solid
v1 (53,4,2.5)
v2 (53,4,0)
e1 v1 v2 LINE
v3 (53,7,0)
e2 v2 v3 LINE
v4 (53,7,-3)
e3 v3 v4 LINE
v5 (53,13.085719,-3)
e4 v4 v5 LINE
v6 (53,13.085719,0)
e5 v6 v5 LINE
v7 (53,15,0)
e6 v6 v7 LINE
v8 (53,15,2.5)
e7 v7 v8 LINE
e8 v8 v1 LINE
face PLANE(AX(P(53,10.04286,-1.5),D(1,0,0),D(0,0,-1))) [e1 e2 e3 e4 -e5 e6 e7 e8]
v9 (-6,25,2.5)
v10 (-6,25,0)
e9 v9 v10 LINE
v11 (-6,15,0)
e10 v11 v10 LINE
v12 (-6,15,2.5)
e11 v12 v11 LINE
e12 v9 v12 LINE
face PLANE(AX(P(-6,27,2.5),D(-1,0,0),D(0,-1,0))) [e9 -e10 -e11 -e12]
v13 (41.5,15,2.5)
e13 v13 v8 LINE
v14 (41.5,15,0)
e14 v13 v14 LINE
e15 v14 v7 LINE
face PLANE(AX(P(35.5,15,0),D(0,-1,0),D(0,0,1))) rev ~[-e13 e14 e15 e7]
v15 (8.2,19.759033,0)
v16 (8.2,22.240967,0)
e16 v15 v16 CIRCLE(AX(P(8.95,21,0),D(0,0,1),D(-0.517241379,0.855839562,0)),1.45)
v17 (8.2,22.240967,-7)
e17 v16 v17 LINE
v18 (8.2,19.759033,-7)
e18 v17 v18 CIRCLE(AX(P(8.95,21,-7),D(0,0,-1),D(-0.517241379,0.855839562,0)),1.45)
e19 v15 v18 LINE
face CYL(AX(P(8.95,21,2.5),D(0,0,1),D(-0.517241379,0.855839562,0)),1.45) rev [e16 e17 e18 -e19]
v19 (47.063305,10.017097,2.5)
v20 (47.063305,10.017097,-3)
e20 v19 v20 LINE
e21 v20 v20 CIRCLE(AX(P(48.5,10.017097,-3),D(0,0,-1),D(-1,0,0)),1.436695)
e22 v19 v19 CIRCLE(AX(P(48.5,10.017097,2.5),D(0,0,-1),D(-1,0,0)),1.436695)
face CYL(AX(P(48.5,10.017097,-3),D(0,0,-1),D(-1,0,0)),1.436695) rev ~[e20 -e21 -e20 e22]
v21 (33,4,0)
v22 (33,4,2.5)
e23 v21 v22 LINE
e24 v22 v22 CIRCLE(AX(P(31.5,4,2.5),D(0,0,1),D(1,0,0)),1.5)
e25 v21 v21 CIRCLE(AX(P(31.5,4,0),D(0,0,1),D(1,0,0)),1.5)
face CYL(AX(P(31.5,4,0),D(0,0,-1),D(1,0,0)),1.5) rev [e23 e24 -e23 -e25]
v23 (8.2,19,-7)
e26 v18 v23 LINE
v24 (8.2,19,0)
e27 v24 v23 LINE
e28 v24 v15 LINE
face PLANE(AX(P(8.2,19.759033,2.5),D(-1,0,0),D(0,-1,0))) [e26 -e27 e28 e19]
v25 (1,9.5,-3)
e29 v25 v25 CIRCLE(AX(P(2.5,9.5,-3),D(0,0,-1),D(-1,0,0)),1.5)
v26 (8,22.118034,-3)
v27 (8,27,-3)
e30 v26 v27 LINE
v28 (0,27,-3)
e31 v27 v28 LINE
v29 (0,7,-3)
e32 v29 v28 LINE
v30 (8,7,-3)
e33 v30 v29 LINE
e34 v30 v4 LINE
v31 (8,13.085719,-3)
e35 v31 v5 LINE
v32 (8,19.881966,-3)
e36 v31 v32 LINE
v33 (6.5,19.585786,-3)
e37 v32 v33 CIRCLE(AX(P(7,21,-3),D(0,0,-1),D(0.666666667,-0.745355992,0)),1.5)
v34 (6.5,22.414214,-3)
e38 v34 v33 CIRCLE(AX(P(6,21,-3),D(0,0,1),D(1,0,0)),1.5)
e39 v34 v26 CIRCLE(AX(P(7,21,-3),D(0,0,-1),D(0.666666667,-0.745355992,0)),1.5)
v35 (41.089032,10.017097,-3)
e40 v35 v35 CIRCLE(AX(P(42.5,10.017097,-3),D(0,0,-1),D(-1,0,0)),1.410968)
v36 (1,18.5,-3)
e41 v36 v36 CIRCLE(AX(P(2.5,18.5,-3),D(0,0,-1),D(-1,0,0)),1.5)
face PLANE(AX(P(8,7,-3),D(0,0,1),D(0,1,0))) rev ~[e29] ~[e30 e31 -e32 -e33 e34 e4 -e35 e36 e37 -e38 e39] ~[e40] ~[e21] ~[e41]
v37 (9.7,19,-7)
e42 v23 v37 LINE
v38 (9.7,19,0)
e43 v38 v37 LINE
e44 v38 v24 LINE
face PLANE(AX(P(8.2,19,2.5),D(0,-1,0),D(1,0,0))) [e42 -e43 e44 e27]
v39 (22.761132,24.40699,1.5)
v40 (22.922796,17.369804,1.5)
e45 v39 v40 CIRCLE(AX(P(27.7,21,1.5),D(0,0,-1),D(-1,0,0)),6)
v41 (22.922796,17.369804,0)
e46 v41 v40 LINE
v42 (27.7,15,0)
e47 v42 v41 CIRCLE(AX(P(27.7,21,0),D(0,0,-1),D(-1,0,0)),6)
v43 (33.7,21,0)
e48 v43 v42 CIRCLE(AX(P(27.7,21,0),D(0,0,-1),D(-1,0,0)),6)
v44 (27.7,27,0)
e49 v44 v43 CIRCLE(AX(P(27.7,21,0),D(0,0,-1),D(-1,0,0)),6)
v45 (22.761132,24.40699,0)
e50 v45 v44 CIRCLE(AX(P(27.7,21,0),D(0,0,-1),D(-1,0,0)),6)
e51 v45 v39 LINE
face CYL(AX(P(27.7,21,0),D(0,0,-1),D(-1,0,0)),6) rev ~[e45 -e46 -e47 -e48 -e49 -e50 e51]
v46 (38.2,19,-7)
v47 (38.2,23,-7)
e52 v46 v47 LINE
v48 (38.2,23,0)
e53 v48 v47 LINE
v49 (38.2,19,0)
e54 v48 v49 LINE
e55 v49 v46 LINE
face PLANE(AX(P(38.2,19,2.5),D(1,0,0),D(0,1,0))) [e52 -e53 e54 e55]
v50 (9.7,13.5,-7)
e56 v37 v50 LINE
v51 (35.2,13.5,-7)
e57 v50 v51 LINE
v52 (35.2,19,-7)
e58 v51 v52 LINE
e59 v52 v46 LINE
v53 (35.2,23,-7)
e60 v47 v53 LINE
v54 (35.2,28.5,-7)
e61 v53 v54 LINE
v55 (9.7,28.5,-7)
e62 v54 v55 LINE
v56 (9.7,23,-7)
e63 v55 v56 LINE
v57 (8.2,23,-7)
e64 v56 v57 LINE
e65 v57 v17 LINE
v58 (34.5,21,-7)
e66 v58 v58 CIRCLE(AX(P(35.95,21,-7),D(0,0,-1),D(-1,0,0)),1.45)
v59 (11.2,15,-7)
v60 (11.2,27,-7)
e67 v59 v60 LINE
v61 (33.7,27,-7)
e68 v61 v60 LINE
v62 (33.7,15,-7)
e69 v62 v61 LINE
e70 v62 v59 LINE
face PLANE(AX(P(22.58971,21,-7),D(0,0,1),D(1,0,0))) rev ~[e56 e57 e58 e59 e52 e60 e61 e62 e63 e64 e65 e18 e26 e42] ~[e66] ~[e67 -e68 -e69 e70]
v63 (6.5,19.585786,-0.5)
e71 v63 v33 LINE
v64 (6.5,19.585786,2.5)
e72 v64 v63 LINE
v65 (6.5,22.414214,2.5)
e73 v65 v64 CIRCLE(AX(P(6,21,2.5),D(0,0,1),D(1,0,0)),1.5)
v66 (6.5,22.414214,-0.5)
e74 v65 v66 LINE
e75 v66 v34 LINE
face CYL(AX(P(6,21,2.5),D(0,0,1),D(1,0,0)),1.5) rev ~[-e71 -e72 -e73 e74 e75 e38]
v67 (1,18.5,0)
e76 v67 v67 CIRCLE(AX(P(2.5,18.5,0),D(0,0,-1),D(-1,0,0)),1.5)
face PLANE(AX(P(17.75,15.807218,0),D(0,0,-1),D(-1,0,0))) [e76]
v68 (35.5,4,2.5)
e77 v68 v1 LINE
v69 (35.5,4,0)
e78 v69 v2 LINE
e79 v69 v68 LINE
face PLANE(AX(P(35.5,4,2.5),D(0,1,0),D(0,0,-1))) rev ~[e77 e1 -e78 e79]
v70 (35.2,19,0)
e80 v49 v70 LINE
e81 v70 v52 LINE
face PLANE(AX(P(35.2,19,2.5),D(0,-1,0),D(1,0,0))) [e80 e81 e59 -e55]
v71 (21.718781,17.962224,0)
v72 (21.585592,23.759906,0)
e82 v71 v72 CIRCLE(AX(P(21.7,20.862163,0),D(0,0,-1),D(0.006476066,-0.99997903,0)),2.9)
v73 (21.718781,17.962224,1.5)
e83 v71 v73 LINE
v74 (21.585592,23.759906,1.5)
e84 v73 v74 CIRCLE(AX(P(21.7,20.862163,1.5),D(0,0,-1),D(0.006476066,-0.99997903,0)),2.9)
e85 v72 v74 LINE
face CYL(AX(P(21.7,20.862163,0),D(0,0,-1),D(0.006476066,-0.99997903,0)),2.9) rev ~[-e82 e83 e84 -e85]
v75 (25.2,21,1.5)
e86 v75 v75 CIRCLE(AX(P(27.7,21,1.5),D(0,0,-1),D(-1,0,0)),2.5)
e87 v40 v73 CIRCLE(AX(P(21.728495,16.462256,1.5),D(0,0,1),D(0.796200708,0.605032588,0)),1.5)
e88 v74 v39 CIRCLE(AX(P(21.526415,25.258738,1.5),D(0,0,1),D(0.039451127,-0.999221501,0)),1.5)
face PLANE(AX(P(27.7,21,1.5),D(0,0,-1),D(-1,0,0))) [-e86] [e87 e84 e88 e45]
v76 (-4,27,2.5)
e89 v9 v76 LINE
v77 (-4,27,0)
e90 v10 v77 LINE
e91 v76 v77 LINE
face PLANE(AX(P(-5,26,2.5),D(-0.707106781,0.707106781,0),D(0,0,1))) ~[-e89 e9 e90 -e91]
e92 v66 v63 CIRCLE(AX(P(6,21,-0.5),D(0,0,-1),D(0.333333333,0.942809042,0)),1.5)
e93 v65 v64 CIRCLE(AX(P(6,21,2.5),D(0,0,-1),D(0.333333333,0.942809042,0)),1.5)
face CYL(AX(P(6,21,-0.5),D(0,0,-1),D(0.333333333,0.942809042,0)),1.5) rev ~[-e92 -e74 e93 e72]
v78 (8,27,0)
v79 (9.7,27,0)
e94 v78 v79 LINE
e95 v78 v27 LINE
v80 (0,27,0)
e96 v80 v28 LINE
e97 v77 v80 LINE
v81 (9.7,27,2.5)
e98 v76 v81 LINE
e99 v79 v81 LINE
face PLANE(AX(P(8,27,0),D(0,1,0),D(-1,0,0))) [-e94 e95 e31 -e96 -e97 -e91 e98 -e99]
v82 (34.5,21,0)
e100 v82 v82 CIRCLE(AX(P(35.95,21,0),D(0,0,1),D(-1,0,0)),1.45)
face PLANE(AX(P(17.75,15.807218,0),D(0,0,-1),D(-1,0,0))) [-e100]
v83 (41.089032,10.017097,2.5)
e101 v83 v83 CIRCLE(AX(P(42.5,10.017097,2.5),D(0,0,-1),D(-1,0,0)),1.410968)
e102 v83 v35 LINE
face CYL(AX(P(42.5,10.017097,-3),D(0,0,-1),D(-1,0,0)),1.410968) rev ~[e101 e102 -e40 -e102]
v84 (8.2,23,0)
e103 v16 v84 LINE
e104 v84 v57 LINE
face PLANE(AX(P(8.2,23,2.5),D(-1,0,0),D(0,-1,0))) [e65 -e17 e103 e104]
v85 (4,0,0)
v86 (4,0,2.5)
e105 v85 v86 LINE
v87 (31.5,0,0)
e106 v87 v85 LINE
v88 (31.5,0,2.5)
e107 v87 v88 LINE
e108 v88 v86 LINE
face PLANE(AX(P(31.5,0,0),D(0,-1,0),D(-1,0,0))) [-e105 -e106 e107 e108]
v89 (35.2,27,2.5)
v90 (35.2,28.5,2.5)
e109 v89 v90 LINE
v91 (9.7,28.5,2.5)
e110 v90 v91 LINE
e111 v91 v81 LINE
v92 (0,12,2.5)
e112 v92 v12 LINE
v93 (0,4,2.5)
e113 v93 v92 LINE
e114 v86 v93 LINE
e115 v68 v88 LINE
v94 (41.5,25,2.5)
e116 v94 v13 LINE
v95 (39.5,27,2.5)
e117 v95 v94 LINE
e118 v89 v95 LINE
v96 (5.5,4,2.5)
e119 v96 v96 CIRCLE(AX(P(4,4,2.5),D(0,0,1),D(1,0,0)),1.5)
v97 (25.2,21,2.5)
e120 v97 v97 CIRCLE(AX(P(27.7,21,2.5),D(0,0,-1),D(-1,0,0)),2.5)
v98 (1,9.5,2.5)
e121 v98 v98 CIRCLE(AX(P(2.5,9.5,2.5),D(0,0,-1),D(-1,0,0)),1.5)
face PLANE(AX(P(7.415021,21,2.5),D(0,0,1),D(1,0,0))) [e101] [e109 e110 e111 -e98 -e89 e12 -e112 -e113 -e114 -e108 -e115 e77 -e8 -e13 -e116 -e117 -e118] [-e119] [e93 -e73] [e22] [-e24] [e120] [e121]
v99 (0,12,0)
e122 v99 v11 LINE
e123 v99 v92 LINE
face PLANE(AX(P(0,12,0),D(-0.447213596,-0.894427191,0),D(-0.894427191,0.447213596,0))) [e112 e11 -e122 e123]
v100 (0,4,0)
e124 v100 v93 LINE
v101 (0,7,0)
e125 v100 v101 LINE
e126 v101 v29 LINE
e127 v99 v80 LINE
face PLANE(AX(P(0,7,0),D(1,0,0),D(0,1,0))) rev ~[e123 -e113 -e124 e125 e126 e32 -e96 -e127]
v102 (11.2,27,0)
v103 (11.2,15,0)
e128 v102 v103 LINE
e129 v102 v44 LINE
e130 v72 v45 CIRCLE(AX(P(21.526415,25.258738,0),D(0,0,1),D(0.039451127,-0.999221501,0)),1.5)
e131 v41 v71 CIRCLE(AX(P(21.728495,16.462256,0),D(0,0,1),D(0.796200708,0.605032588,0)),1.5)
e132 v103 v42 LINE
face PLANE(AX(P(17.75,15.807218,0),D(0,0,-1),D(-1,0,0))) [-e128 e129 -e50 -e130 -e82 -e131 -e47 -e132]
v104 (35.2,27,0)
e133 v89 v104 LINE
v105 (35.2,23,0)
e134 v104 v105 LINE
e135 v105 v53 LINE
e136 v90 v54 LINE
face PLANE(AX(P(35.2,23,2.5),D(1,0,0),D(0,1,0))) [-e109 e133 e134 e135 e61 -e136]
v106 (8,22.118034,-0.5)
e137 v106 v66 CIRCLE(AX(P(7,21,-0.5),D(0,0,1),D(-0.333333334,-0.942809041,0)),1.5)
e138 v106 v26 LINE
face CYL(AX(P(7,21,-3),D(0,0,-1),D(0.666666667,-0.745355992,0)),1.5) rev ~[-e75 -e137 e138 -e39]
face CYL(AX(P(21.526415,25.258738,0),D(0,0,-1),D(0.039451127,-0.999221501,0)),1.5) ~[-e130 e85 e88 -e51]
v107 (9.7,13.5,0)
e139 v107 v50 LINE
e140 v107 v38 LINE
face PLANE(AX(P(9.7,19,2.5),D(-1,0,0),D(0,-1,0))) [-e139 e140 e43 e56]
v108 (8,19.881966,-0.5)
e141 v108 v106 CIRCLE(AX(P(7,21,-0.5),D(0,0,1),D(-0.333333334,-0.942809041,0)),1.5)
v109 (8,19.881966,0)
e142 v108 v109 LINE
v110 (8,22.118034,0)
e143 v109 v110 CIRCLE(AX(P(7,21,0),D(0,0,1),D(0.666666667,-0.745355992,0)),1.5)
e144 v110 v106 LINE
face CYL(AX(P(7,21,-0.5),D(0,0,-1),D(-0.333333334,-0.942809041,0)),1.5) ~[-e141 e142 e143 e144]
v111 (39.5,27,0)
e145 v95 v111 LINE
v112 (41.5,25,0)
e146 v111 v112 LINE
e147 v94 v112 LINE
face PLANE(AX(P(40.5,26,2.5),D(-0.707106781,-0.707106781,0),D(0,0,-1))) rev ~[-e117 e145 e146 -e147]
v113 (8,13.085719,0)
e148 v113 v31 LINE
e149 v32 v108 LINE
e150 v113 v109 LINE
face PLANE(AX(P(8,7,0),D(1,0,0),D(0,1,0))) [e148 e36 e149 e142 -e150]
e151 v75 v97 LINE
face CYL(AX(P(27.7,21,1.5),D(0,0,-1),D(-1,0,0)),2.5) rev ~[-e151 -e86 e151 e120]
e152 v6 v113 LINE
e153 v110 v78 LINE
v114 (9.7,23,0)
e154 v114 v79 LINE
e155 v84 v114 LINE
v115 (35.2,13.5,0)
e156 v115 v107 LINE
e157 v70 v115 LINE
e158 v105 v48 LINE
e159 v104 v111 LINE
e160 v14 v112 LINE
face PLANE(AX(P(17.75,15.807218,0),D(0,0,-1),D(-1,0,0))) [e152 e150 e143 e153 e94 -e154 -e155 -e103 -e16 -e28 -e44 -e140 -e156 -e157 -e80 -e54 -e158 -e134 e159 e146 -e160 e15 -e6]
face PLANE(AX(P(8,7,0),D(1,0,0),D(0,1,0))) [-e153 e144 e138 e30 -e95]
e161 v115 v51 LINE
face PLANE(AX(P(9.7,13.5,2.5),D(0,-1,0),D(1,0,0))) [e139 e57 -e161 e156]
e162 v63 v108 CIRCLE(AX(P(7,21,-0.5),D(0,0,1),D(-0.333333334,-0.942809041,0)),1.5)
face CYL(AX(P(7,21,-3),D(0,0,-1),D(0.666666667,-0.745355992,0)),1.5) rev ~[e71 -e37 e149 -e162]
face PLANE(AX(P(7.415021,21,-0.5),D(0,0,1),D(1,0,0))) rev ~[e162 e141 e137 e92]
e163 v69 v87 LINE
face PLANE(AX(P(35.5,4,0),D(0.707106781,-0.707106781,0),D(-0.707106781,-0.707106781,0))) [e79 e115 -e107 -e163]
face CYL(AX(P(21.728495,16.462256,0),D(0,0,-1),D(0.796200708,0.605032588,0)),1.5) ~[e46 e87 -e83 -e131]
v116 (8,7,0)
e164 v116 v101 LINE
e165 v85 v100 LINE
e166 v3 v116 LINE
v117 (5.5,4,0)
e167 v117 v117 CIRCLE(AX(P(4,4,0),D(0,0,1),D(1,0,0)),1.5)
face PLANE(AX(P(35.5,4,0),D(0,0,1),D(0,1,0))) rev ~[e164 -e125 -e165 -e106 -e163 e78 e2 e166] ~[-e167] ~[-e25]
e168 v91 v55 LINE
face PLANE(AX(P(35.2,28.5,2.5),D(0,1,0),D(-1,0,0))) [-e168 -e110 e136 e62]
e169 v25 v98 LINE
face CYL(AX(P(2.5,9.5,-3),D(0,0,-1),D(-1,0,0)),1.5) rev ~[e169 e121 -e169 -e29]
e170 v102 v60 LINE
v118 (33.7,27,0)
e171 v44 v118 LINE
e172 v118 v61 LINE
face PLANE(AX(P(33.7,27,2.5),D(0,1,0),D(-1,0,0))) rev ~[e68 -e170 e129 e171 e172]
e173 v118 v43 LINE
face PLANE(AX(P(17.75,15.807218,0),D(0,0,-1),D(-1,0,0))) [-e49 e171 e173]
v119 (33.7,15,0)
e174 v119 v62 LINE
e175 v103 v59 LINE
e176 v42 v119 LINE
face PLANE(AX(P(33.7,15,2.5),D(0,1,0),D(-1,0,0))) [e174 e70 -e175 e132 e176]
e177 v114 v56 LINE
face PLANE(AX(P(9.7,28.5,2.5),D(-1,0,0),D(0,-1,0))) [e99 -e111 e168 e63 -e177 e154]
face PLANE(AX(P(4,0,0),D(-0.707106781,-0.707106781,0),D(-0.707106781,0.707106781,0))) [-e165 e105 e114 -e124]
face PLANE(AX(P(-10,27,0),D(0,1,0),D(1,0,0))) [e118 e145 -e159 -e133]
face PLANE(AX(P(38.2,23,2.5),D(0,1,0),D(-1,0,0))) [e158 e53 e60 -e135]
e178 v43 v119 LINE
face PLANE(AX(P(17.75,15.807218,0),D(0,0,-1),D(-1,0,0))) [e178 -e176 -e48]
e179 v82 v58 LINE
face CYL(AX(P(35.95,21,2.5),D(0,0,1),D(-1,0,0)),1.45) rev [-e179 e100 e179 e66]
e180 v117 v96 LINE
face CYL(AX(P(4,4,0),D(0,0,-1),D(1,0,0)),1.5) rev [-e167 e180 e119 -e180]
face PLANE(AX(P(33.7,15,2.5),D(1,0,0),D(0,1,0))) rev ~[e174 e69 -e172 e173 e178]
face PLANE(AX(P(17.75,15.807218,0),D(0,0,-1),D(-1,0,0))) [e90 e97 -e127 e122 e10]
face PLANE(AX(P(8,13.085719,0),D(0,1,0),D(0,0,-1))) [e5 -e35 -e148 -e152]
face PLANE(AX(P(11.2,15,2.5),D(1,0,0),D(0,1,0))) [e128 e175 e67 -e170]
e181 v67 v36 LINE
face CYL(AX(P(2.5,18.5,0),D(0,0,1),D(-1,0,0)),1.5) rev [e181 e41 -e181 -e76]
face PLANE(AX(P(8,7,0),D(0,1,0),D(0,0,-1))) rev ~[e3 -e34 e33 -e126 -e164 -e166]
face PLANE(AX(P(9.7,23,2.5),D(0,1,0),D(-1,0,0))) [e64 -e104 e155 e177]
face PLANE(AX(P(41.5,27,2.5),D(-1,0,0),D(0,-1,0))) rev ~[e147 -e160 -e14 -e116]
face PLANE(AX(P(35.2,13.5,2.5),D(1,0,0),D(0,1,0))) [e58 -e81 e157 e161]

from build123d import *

# Parameters (mm, degrees)
SKETCH_1_R           = 1.5
EXTRUDE_1_DEPTH      = 2.5
EXTRUDE_2_DEPTH      = 7
EXTRUDE_2_DEPTH_BACK = 2.5
SKETCH_2_R           = 1.45
SKETCH_2_W           = 22.5
SKETCH_2_H           = 12
SKETCH_3_W           = 8
SKETCH_3_H           = 20
SKETCH_3_R           = 1.5
EXTRUDE_3_DEPTH      = 3
SKETCH_4_R           = 1.5
CUT_EXTRUDE_1_DEPTH  = 54.969899018
SKETCH_6_R           = 3.49128416
EXTRUDE_4_DEPTH      = 2.5
SKETCH_7_R           = 6
CUT_EXTRUDE_3_DEPTH  = 1.5
CUT_EXTRUDE_4_DEPTH  = 1.5
SKETCH_9_R           = 2.5
CUT_EXTRUDE_5_DEPTH  = 1.5
CUT_EXTRUDE_6_DEPTH  = 55.522930956
CHAMFER_1_SIZE       = 2
SKETCH_11_R          = 1.5
CUT_EXTRUDE_8_DEPTH  = 52.232314022
EXTRUDE_START        = -3
EXTRUDE_7_DEPTH      = 3
SKETCH_18_W          = 3
SKETCH_18_H          = 6.085719459
EXTRUDE_9_DEPTH      = 45
SKETCH_19_R          = 1.410967792
SKETCH_19_R_2        = 1.436695047
CUT_EXTRUDE_9_DEPTH  = 45
EXTRUDE_10_DEPTH     = 17.5
SKETCH_21_R          = 1.436695047
SKETCH_21_R_2        = 1.410967792
CUT_EXTRUDE_10_DEPTH = 17.5


with BuildPart() as part:
    # 草图1 → 凸台-拉伸1 (new body)
    with BuildSketch(Plane.XY):
        Polygon((4, 0), (0, 4), (0, 12), (-10, 17), (-10, 27), (45.5, 27), (45.5, 17), (35.5, 12), (35.5, 4), (31.5, 0), align=None)
        with Locations((4, 4)):
            Circle(SKETCH_1_R, mode=Mode.SUBTRACT)
        with Locations((31.5, 4)):
            Circle(SKETCH_1_R, mode=Mode.SUBTRACT)
        with Locations((7, 21)):
            Circle(SKETCH_1_R, mode=Mode.SUBTRACT)
        with Locations((28.5, 21)):
            Circle(SKETCH_1_R, mode=Mode.SUBTRACT)
    extrude(amount=EXTRUDE_1_DEPTH)

    # 草图2 → 凸台-拉伸2 (add, two sides: drawn at the far end of the back side and taken through both)
    with BuildSketch(Plane(origin=(0, 0, 0), x_dir=(-1, 0, 0), z_dir=(0, 0, -1)).offset(-EXTRUDE_2_DEPTH_BACK)):
        with BuildLine():
            Line((-35.2, 28.5), (-9.7, 28.5))
            Line((-9.7, 28.5), (-9.7, 23))
            Line((-9.7, 23), (-8.2, 23))
            Line((-8.2, 23), (-8.2, 22.240967365))
            ThreePointArc((-8.2, 22.240967365), (-10.4, 21), (-8.2, 19.759032635))
            Line((-8.2, 19.759032635), (-8.2, 19))
            Line((-8.2, 19), (-9.7, 19))
            Line((-9.7, 19), (-9.7, 13.5))
            Line((-9.7, 13.5), (-35.2, 13.5))
            Line((-35.2, 13.5), (-35.2, 19))
            Line((-35.2, 19), (-38.2, 19))
            Line((-38.2, 19), (-38.2, 23))
            Line((-38.2, 23), (-35.2, 23))
            Line((-35.2, 23), (-35.2, 28.5))
        make_face()
        with Locations((-35.95, 21)):
            Circle(SKETCH_2_R, mode=Mode.SUBTRACT)
        with Locations((-22.45, 21)):
            Rectangle(SKETCH_2_W, SKETCH_2_H, mode=Mode.SUBTRACT)
    extrude(amount=EXTRUDE_2_DEPTH + EXTRUDE_2_DEPTH_BACK)

    # 草图3 → 凸台-拉伸3 (add)
    with BuildSketch(Plane(origin=(0, 0, 0), x_dir=(-1, 0, 0), z_dir=(0, 0, -1))):
        with Locations((-4, 17)):
            Rectangle(SKETCH_3_W, SKETCH_3_H)
        with Locations((-2.5, 9.5)):
            Circle(SKETCH_3_R, mode=Mode.SUBTRACT)
        with Locations((-2.5, 18.5)):
            Circle(SKETCH_3_R, mode=Mode.SUBTRACT)
    extrude(amount=EXTRUDE_3_DEPTH)

    # 草图4 → 切除-拉伸1 (cut, through all)
    with BuildSketch(Plane(origin=(0, 0, -3), x_dir=(-1, 0, 0), z_dir=(0, 0, -1))):
        with Locations((-2.5, 9.5)):
            Circle(SKETCH_4_R)
        with Locations(Location((-7, 21, 0), (0, 0, 228.189685104))):
            Circle(SKETCH_4_R)
    extrude(amount=-CUT_EXTRUDE_1_DEPTH, mode=Mode.SUBTRACT)

    # 草图6 → 凸台-拉伸4 (add)
    with BuildSketch(Plane(origin=(0, 0, 0), x_dir=(-1, 0, 0), z_dir=(0, 0, -1))):
        with Locations((-27, 21)):
            Circle(SKETCH_6_R)
    extrude(amount=-EXTRUDE_4_DEPTH)

    # 草图7 → 切除-拉伸3 (cut)
    with BuildSketch(Plane(origin=(0, 0, 0), x_dir=(-1, 0, 0), z_dir=(0, 0, -1))):
        with Locations((-27.7, 21)):
            Circle(SKETCH_7_R)
    extrude(amount=-CUT_EXTRUDE_3_DEPTH, mode=Mode.SUBTRACT)

    # 草图8 → 切除-拉伸4 (cut)
    with BuildSketch(Plane(origin=(0, 0, 0), x_dir=(-1, 0, 0), z_dir=(0, 0, -1))):
        with BuildLine():
            ThreePointArc((-21.71878059, 17.962224138), (-18.800764933, 20.795559838), (-21.585591732, 23.759905678))
            ThreePointArc((-21.585591732, 23.759905678), (-22.24975442, 23.944667862), (-22.761132033, 24.406990344))
            ThreePointArc((-22.761132033, 24.406990344), (-21.701582619, 20.862199682), (-22.92279575, 17.369804474))
            ThreePointArc((-22.92279575, 17.369804474), (-22.39072715, 17.808156096), (-21.71878059, 17.962224138))
        make_face()
    extrude(amount=-CUT_EXTRUDE_4_DEPTH, mode=Mode.SUBTRACT)

    # 草图9 → 切除-拉伸5 (cut)
    with BuildSketch(Plane(origin=(0, 0, 1.5), x_dir=(-1, 0, 0), z_dir=(0, 0, -1))):
        with Locations((-27.7, 21)):
            Circle(SKETCH_9_R)
    extrude(amount=-CUT_EXTRUDE_5_DEPTH, mode=Mode.SUBTRACT)

    # 草图10 → 切除-拉伸6 (cut, through all)
    with BuildSketch(Plane.XY.offset(2.5)):
        Polygon((-6, 27), (-6, 15), (-10, 17), (-10, 27), align=None)
        Polygon((41.5, 27), (41.5, 15), (45.5, 17), (45.5, 27), align=None)
    extrude(amount=-CUT_EXTRUDE_6_DEPTH, mode=Mode.SUBTRACT)

    # 倒角1
    chamfer_1_edges = [part.edges().sort_by_distance(p)[0] for p in [
        (-6, 27, 1.25),
        (41.5, 27, 1.25),
    ]]
    chamfer(chamfer_1_edges, length=CHAMFER_1_SIZE)

    # 草图11 → 切除-拉伸8 (cut, through all)
    with BuildSketch(Plane.XY.offset(2.5)):
        with Locations((6, 21)):
            Circle(SKETCH_11_R)
        with Locations((7, 21)):
            Circle(SKETCH_11_R)
    extrude(amount=-CUT_EXTRUDE_8_DEPTH, mode=Mode.SUBTRACT)

    # 草图12 → 凸台-拉伸7 (add)
    with BuildSketch(Plane.XY.offset(2.5).offset(EXTRUDE_START)):
        with BuildLine():
            ThreePointArc((6.5, 19.585786438), (8.5, 21), (6.5, 22.414213562))
            ThreePointArc((6.5, 22.414213562), (7.5, 21), (6.5, 19.585786438))
        make_face()
    extrude(amount=EXTRUDE_7_DEPTH)

    # 草图18 → 凸台-拉伸9 (add)
    with BuildSketch(Plane(origin=(8, 0, 0), x_dir=(0, 0, -1), z_dir=(1, 0, 0))):
        with Locations((1.5, 10.04285973)):
            Rectangle(SKETCH_18_W, SKETCH_18_H)
    extrude(amount=EXTRUDE_9_DEPTH)

    # 草图19 → 切除-拉伸9 (cut)
    with BuildSketch(Plane(origin=(0, 0, -3), x_dir=(-1, 0, 0), z_dir=(0, 0, -1))):
        with Locations((-42.5, 10.017096625)):
            Circle(SKETCH_19_R)
        with Locations((-48.5, 10.017096625)):
            Circle(SKETCH_19_R_2)
    extrude(amount=-CUT_EXTRUDE_9_DEPTH, mode=Mode.SUBTRACT)

    # 草图20 → 凸台-拉伸10 (add)
    with BuildSketch(Plane(origin=(35.5, 0, 0), x_dir=(0, 0, -1), z_dir=(1, 0, 0))):
        Polygon((-2.5, 15), (-2.5, 12), (-2.5, 4), (0, 4), (0, 7), (0, 12), (0, 15), align=None)
    extrude(amount=EXTRUDE_10_DEPTH)

    # 草图21 → 切除-拉伸10 (cut)
    with BuildSketch(Plane(origin=(0, 0, 0), x_dir=(-1, 0, 0), z_dir=(0, 0, -1))):
        with Locations((-48.5, 10.017096625)):
            Circle(SKETCH_21_R)
        with Locations((-42.5, 10.017096625)):
            Circle(SKETCH_21_R_2)
    extrude(amount=-CUT_EXTRUDE_10_DEPTH, mode=Mode.SUBTRACT)


solid = part.part
